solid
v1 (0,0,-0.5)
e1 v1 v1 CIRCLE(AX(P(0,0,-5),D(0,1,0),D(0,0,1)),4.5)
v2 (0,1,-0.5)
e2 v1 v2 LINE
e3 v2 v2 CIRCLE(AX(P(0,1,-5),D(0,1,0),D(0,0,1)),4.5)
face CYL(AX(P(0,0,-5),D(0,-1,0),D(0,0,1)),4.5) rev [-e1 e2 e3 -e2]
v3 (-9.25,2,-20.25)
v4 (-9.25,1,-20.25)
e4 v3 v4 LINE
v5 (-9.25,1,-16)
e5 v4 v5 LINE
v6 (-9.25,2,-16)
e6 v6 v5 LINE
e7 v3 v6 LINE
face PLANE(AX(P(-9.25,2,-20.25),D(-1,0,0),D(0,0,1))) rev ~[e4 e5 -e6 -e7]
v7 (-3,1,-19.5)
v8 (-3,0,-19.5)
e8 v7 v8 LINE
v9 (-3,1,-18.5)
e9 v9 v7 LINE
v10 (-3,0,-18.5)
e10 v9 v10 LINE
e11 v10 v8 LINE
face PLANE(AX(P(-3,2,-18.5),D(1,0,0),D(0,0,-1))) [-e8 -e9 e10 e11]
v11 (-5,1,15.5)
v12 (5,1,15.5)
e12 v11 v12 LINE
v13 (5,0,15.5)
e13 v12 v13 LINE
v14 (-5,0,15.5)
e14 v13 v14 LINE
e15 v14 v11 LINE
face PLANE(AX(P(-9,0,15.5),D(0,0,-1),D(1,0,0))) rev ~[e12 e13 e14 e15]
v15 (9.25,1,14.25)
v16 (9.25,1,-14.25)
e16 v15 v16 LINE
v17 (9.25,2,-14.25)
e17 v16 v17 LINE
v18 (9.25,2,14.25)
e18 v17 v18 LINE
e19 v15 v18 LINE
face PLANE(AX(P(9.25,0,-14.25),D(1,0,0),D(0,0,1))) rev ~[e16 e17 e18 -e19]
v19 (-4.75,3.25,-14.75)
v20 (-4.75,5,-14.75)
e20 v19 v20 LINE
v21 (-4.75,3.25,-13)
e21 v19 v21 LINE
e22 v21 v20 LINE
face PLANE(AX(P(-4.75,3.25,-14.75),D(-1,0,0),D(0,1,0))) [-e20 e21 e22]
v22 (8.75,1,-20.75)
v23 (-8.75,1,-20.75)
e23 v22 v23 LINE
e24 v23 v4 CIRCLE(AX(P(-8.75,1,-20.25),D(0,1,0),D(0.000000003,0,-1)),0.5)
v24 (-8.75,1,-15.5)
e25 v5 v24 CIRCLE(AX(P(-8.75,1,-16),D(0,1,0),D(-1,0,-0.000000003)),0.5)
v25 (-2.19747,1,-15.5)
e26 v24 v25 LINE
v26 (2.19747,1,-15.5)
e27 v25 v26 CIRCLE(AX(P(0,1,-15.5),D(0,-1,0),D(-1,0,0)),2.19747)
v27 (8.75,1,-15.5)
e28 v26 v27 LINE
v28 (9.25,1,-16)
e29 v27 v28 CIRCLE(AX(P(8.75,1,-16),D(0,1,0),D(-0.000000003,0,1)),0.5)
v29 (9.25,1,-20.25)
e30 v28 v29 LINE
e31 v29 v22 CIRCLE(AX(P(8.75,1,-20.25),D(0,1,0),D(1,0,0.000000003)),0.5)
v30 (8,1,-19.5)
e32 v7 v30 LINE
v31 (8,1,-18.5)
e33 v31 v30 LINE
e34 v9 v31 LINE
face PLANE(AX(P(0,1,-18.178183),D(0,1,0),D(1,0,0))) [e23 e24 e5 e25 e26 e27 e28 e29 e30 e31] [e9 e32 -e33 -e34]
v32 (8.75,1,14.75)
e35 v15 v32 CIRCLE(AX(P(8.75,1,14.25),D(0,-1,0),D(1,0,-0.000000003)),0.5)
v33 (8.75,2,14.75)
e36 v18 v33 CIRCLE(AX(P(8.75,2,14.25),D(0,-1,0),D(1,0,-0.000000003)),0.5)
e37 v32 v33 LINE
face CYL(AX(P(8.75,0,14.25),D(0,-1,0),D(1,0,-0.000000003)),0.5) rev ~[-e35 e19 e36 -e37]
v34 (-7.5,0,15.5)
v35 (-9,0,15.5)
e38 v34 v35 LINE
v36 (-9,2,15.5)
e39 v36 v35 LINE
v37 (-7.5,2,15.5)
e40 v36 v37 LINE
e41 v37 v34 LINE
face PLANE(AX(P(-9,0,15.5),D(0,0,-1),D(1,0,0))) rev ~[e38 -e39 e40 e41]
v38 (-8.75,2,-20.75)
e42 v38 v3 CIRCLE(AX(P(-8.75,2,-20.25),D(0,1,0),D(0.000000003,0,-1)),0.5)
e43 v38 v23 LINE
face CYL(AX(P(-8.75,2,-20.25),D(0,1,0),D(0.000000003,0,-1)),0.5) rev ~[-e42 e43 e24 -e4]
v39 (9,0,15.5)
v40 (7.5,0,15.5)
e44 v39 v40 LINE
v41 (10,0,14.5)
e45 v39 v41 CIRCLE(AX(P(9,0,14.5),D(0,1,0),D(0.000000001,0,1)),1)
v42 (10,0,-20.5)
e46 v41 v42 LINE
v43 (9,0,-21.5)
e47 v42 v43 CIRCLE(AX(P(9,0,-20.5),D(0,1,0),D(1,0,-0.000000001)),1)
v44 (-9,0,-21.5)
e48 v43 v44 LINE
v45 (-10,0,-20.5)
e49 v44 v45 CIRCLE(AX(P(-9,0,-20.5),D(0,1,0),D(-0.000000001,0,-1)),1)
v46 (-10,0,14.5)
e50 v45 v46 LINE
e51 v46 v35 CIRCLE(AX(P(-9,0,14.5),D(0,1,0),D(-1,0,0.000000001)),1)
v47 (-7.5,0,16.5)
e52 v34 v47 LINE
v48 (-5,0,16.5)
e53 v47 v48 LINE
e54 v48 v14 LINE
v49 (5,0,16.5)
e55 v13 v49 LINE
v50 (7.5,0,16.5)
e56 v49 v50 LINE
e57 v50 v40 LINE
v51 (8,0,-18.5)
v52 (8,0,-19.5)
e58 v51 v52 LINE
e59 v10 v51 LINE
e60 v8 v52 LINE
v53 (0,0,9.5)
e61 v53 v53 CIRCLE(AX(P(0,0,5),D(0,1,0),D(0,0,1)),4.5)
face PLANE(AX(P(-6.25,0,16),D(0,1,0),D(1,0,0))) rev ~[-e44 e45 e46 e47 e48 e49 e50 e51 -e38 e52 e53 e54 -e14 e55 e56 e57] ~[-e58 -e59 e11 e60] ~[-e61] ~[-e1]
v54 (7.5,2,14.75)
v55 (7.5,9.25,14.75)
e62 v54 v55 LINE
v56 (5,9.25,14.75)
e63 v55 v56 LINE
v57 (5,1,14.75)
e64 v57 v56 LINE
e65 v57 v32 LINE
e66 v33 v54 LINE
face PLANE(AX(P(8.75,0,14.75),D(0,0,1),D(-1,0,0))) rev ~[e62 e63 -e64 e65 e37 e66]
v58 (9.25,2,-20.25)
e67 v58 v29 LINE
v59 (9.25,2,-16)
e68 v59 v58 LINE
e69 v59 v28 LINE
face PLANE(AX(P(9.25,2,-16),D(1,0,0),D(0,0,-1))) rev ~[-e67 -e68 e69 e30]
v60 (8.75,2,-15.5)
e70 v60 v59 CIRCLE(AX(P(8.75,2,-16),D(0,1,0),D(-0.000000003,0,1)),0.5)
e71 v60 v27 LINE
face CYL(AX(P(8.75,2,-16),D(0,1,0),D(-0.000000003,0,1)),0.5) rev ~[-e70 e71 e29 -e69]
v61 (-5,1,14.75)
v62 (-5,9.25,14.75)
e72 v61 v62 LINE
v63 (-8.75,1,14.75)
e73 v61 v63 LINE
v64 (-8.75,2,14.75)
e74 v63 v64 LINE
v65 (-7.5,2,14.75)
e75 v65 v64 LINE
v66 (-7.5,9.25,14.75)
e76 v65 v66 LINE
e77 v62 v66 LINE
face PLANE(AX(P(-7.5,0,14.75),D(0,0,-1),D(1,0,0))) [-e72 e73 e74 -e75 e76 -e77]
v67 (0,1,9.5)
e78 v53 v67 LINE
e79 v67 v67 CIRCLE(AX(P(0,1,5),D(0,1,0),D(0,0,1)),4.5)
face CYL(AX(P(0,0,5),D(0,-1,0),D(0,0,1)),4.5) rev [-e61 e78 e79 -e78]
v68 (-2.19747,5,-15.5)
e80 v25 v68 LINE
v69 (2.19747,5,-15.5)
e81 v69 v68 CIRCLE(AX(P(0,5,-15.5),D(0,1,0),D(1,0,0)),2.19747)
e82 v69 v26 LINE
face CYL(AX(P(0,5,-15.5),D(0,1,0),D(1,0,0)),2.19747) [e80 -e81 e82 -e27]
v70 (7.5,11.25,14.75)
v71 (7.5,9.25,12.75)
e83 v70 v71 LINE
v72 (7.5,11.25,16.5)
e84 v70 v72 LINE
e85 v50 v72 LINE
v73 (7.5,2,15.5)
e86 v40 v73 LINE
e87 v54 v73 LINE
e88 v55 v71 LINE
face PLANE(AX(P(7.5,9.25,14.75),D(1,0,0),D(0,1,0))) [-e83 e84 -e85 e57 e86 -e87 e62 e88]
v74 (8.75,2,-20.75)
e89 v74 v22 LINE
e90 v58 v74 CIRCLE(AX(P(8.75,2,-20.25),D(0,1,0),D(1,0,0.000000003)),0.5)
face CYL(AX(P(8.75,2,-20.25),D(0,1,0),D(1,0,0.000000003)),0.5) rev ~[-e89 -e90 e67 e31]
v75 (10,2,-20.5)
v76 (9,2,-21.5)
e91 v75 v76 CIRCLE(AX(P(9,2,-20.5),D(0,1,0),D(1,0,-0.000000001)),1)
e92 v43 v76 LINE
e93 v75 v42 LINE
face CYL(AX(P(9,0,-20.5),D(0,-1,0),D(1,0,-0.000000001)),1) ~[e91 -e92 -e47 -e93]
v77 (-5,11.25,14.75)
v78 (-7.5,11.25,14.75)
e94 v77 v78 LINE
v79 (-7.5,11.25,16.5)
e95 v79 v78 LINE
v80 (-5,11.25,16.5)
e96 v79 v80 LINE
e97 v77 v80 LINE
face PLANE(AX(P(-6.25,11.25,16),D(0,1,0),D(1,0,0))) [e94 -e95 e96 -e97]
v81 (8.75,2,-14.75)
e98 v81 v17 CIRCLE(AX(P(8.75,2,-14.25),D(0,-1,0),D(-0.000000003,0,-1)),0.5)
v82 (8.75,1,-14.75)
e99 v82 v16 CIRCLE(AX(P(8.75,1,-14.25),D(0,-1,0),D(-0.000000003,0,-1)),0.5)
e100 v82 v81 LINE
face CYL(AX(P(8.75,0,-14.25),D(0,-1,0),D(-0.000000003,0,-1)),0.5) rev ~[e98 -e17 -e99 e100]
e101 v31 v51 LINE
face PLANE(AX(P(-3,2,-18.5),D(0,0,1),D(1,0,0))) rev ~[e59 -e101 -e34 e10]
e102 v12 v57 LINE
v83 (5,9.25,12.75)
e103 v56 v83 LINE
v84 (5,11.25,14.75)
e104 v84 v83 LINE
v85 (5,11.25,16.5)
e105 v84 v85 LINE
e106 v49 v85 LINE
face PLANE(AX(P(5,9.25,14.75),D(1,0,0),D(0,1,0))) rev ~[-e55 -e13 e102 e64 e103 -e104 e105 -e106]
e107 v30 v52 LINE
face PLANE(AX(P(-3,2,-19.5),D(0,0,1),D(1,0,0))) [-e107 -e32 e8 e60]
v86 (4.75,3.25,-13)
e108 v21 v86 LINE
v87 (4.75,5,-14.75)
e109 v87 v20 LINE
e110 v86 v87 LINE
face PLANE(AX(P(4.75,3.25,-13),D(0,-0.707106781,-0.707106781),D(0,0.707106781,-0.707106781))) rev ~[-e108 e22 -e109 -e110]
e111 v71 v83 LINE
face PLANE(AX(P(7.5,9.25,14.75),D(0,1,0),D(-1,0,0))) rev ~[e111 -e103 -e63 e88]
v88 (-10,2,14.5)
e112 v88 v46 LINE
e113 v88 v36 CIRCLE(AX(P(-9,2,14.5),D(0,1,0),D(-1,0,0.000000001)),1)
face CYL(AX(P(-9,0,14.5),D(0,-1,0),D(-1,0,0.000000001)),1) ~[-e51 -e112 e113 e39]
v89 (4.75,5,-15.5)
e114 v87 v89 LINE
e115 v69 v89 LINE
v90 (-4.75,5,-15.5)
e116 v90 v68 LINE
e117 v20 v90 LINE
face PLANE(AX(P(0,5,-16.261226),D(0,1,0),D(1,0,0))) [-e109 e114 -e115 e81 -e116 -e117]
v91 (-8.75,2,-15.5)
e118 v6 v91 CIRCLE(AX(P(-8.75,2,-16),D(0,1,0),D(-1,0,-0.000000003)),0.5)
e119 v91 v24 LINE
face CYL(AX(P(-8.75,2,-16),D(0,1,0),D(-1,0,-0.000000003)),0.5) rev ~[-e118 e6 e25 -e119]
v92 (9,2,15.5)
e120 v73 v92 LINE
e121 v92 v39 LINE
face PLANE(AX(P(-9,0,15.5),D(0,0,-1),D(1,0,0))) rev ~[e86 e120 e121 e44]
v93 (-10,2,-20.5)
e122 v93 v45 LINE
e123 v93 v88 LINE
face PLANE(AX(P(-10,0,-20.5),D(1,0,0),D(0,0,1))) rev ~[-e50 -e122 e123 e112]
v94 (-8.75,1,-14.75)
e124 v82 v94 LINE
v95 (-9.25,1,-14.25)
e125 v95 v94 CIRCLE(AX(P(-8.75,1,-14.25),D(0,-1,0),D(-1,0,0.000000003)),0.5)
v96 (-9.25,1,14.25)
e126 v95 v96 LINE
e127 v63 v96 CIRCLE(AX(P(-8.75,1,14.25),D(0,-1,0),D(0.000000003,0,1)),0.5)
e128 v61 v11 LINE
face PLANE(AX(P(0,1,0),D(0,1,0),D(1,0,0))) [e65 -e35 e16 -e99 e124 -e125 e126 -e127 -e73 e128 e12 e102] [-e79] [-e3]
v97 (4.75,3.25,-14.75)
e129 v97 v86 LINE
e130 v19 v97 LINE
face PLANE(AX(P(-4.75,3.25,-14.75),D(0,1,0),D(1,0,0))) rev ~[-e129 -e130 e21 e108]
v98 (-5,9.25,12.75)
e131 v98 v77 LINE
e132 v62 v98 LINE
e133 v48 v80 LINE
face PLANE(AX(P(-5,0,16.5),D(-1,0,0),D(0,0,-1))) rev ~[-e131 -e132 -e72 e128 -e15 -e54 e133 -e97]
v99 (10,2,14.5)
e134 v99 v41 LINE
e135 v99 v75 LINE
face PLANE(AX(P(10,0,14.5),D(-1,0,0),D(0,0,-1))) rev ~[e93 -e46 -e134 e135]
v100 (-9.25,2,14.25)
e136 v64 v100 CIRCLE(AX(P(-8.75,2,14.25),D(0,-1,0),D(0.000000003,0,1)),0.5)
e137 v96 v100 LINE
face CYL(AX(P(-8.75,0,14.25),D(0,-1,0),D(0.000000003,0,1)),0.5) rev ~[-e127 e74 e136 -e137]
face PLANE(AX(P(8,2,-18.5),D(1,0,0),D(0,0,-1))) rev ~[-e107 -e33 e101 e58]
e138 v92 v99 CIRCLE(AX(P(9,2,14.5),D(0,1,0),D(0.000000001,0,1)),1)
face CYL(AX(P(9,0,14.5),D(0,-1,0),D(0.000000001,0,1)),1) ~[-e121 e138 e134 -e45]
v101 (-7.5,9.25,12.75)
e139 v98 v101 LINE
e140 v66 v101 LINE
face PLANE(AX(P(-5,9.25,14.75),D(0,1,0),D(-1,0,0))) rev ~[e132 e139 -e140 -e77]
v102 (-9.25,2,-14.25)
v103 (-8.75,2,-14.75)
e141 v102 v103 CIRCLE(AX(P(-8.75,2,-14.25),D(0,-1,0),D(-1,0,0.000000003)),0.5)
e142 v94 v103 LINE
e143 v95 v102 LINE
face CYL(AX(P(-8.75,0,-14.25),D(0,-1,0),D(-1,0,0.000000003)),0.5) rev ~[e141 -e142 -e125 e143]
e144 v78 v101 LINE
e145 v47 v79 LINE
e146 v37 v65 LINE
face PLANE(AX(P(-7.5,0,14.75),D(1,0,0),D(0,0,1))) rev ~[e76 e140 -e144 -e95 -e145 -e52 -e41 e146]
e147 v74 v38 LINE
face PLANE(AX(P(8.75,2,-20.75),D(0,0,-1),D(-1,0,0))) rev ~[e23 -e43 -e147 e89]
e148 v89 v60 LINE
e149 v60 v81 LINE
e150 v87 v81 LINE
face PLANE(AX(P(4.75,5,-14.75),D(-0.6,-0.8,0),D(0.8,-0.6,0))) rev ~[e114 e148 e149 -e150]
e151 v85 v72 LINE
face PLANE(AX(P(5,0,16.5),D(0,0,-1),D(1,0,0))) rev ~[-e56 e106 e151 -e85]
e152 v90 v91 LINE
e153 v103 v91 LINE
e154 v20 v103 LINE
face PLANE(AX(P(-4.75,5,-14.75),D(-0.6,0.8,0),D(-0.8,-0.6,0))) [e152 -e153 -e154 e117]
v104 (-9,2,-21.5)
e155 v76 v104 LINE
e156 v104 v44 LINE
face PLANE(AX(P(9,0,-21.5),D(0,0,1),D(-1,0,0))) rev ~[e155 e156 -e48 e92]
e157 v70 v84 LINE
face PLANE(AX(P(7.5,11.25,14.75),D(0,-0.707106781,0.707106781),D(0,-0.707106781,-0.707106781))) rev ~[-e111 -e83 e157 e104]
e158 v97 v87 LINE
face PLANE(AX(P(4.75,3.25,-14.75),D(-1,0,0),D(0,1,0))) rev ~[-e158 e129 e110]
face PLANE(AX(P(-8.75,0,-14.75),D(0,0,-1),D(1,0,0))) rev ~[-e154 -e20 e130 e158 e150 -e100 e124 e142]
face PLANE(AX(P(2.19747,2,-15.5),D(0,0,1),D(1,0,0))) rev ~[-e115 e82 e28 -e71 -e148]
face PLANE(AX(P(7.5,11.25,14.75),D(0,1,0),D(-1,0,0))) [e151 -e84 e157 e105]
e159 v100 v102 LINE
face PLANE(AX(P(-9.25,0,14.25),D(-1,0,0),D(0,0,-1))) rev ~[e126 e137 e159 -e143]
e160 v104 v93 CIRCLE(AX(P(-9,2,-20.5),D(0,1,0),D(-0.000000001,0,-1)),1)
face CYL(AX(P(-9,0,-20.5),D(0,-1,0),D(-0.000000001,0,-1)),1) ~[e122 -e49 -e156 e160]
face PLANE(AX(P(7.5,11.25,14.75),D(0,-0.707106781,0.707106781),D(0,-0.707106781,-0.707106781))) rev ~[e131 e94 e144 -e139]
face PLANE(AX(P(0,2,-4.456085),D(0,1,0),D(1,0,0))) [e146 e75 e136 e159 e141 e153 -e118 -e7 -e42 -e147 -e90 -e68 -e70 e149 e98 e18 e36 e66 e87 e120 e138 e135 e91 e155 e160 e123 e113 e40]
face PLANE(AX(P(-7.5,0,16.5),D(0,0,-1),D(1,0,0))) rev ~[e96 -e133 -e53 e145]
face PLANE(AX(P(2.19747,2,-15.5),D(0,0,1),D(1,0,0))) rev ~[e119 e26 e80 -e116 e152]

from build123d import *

# Parameters (mm, degrees)
BOSS_EXTRUDE1_DEPTH  = 1
PCB_HOLDER_52_R      = 4.5
BOSS_EXTRUDE2_DEPTH  = 1
BOSS_EXTRUDE3_DEPTH  = 2
PCB_HOLDER_57_W      = 17.5
PCB_HOLDER_57_H      = 0.75
BOSS_EXTRUDE7_DEPTH  = 5
SKETCH6_W            = 9.5
SKETCH6_H            = 1.75
BOSS_EXTRUDE9_DEPTH  = 1.75
CUT_EXTRUDE7_DEPTH   = 0.75
PCB_HOLDER_58_W      = 2.5
PCB_HOLDER_58_H      = 1
PCB_HOLDER_58_H_2    = 0.75
BOSS_EXTRUDE10_DEPTH = 11.25
SKETCH10_W           = 2.5
SKETCH10_H           = 2
BOSS_EXTRUDE11_DEPTH = 2
CUT_EXTRUDE8_DEPTH   = 15
CUT_EXTRUDE12_DEPTH  = 9.5
CUT_EXTRUDE17_DEPTH  = 1
BOSS_EXTRUDE12_START = 3
BOSS_EXTRUDE12_DEPTH = 3
SKETCH13_4_W         = 11
SKETCH13_4_H         = 1
CUT_EXTRUDE18_DEPTH  = 3


with BuildPart() as part:
    # PCB holder → Boss-Extrude1 (new body)
    with BuildSketch(Plane(origin=(0, 0, 0), x_dir=(1, 0, 0), z_dir=(0, 1, 0))):
        with BuildLine():
            Line((9, 21.5), (-9, 21.5))
            ThreePointArc((-9, 21.5), (-9.707106781, 21.207106781), (-10, 20.5))
            Line((-10, 20.5), (-10, -14.5))
            ThreePointArc((-10, -14.5), (-9.707106781, -15.207106781), (-9, -15.5))
            Line((-9, -15.5), (9, -15.5))
            ThreePointArc((9, -15.5), (9.707106781, -15.207106781), (10, -14.5))
            Line((10, -14.5), (10, 20.5))
            ThreePointArc((10, 20.5), (9.707106781, 21.207106781), (9, 21.5))
        make_face()
        with BuildLine():
            Line((9.25, 14.25), (9.25, -14.25))
            ThreePointArc((9.25, -14.25), (9.103553391, -14.603553391), (8.75, -14.75))
            Line((8.75, -14.75), (-8.75, -14.75))
            ThreePointArc((-8.75, -14.75), (-9.103553391, -14.603553391), (-9.25, -14.25))
            Line((-9.25, -14.25), (-9.25, 14.25))
            ThreePointArc((-9.25, 14.25), (-9.103553391, 14.603553391), (-8.75, 14.75))
            Line((-8.75, 14.75), (8.75, 14.75))
            ThreePointArc((8.75, 14.75), (9.103553391, 14.603553391), (9.25, 14.25))
        make_face(mode=Mode.SUBTRACT)
    extrude(amount=BOSS_EXTRUDE1_DEPTH)

    # PCB holder<52> → Boss-Extrude2 (add)
    with BuildSketch(Plane(origin=(0, 0, 0), x_dir=(1, 0, 0), z_dir=(0, 1, 0))):
        with BuildLine():
            Line((-9.25, 14.25), (-9.25, -14.25))
            ThreePointArc((-9.25, -14.25), (-9.103553391, -14.603553391), (-8.75, -14.75))
            Line((-8.75, -14.75), (8.75, -14.75))
            ThreePointArc((8.75, -14.75), (9.103553391, -14.603553391), (9.25, -14.25))
            Line((9.25, -14.25), (9.25, 14.25))
            ThreePointArc((9.25, 14.25), (9.103553391, 14.603553391), (8.75, 14.75))
            Line((8.75, 14.75), (-8.75, 14.75))
            ThreePointArc((-8.75, 14.75), (-9.103553391, 14.603553391), (-9.25, 14.25))
        make_face()
        with Locations(Location((0, -5, 0), (0, 0, 270))):
            Circle(PCB_HOLDER_52_R, mode=Mode.SUBTRACT)
        with Locations(Location((0, 5, 0), (0, 0, 270))):
            Circle(PCB_HOLDER_52_R, mode=Mode.SUBTRACT)
    extrude(amount=BOSS_EXTRUDE2_DEPTH)

    # PCB holder<55> → Boss-Extrude3 (add)
    with BuildSketch(Plane(origin=(0, 0, 0), x_dir=(1, 0, 0), z_dir=(0, 1, 0))):
        with BuildLine():
            Line((8.75, 15.5), (8.75, 14.75))
            ThreePointArc((8.75, 14.75), (9.103553391, 14.603553391), (9.25, 14.25))
            Line((9.25, 14.25), (9.25, -14.25))
            ThreePointArc((9.25, -14.25), (9.103553391, -14.603553391), (8.75, -14.75))
            Line((8.75, -14.75), (7.5, -14.75))
            Line((7.5, -14.75), (7.5, -15.5))
            Line((7.5, -15.5), (9, -15.5))
            ThreePointArc((9, -15.5), (9.707106781, -15.207106781), (10, -14.5))
            Line((10, -14.5), (10, 20.5))
            ThreePointArc((10, 20.5), (9.707106781, 21.207106781), (9, 21.5))
            Line((9, 21.5), (-9, 21.5))
            ThreePointArc((-9, 21.5), (-9.707106781, 21.207106781), (-10, 20.5))
            Line((-10, 20.5), (-10, -14.5))
            ThreePointArc((-10, -14.5), (-9.707106781, -15.207106781), (-9, -15.5))
            Line((-9, -15.5), (-7.5, -15.5))
            Line((-7.5, -15.5), (-7.5, -14.75))
            Line((-7.5, -14.75), (-8.75, -14.75))
            ThreePointArc((-8.75, -14.75), (-9.103553391, -14.603553391), (-9.25, -14.25))
            Line((-9.25, -14.25), (-9.25, 14.25))
            ThreePointArc((-9.25, 14.25), (-9.103553391, 14.603553391), (-8.75, 14.75))
            Line((-8.75, 14.75), (-8.75, 15.5))
            Line((-8.75, 15.5), (8.75, 15.5))
        make_face()
    extrude(amount=BOSS_EXTRUDE3_DEPTH)

    # PCB holder<57> → Boss-Extrude7 (add)
    with BuildSketch(Plane(origin=(0, 0, 0), x_dir=(1, 0, 0), z_dir=(0, 1, 0))):
        with Locations((0, 15.125)):
            Rectangle(PCB_HOLDER_57_W, PCB_HOLDER_57_H)
    extrude(amount=BOSS_EXTRUDE7_DEPTH)

    # Sketch6 → Boss-Extrude9 (add)
    with BuildSketch(Plane.XY.offset(-14.75)):
        with Locations((0, 4.125)):
            Rectangle(SKETCH6_W, SKETCH6_H)
    extrude(amount=BOSS_EXTRUDE9_DEPTH)

    # Sketch8 → Cut-Extrude7 (cut)
    with BuildSketch(Plane.XY.offset(-14.75)):
        Polygon((4.75, 5), (8.75, 2), (8.75, 5), align=None)
        Polygon((-4.75, 5), (-8.75, 2), (-8.75, 5), align=None)
    extrude(amount=-CUT_EXTRUDE7_DEPTH, mode=Mode.SUBTRACT)

    # PCB holder<58> → Boss-Extrude10 (add)
    with BuildSketch(Plane(origin=(0, 0, 0), x_dir=(1, 0, 0), z_dir=(0, 1, 0))):
        with Locations((-6.25, -16)):
            Rectangle(PCB_HOLDER_58_W, PCB_HOLDER_58_H)
        with Locations((-6.25, -15.125)):
            Rectangle(PCB_HOLDER_58_W, PCB_HOLDER_58_H_2)
        with Locations((6.25, -16)):
            Rectangle(PCB_HOLDER_58_W, PCB_HOLDER_58_H)
        with Locations((6.25, -15.125)):
            Rectangle(PCB_HOLDER_58_W, PCB_HOLDER_58_H_2)
    extrude(amount=BOSS_EXTRUDE10_DEPTH)

    # Sketch10 → Boss-Extrude11 (add)
    with BuildSketch(Plane(origin=(0, 0, 14.75), x_dir=(-1, 0, 0), z_dir=(0, 0, -1))):
        with Locations((-6.25, 10.25)):
            Rectangle(SKETCH10_W, SKETCH10_H)
        with Locations((6.25, 10.25)):
            Rectangle(SKETCH10_W, SKETCH10_H)
    extrude(amount=BOSS_EXTRUDE11_DEPTH)

    # Sketch11 → Cut-Extrude8 (cut)
    with BuildSketch(Plane(origin=(7.5, 0, 0), x_dir=(0, 0, -1), z_dir=(1, 0, 0))):
        Polygon((-14.75, 11.25), (-12.75, 9.25), (-12.75, 11.25), align=None)
    extrude(amount=-CUT_EXTRUDE8_DEPTH, mode=Mode.SUBTRACT)

    # Sketch7 → Cut-Extrude12 (cut)
    with BuildSketch(Plane(origin=(4.75, 0, 0), x_dir=(0, 0, -1), z_dir=(1, 0, 0))):
        Polygon((13, 3.25), (14.75, 5), (13, 5), align=None)
    extrude(amount=-CUT_EXTRUDE12_DEPTH, mode=Mode.SUBTRACT)

    # Sketch13 → Cut-Extrude17 (cut)
    with BuildSketch(Plane(origin=(0, 2, 0), x_dir=(1, 0, 0), z_dir=(0, 1, 0))):
        with BuildLine():
            Line((8.75, 20.75), (-8.75, 20.75))
            ThreePointArc((-8.75, 20.75), (-9.103553391, 20.603553391), (-9.25, 20.25))
            Line((-9.25, 20.25), (-9.25, 16))
            ThreePointArc((-9.25, 16), (-9.103553391, 15.646446609), (-8.75, 15.5))
            Line((-8.75, 15.5), (-2.197469764, 15.5))
            ThreePointArc((-2.197469764, 15.5), (0, 17.697469764), (2.197469764, 15.5))
            Line((2.197469764, 15.5), (8.75, 15.5))
            ThreePointArc((8.75, 15.5), (9.103553391, 15.646446609), (9.25, 16))
            Line((9.25, 16), (9.25, 20.25))
            ThreePointArc((9.25, 20.25), (9.103553391, 20.603553391), (8.75, 20.75))
        make_face()
    extrude(amount=-CUT_EXTRUDE17_DEPTH, mode=Mode.SUBTRACT)

    # Sketch13<3> → Boss-Extrude12 (add)
    with BuildSketch(Plane(origin=(0, 2, 0), x_dir=(1, 0, 0), z_dir=(0, 1, 0)).offset(BOSS_EXTRUDE12_START)):
        with BuildLine():
            ThreePointArc((2.197469764, 15.5), (0, 17.697469764), (-2.197469764, 15.5))
            Line((-2.197469764, 15.5), (2.197469764, 15.5))
        make_face()
    extrude(amount=-BOSS_EXTRUDE12_DEPTH)

    # Sketch13<4> → Cut-Extrude18 (cut)
    with BuildSketch(Plane(origin=(0, 2, 0), x_dir=(1, 0, 0), z_dir=(0, 1, 0))):
        with Locations((2.5, 19)):
            Rectangle(SKETCH13_4_W, SKETCH13_4_H)
    extrude(amount=-CUT_EXTRUDE18_DEPTH, mode=Mode.SUBTRACT)


solid = part.part
